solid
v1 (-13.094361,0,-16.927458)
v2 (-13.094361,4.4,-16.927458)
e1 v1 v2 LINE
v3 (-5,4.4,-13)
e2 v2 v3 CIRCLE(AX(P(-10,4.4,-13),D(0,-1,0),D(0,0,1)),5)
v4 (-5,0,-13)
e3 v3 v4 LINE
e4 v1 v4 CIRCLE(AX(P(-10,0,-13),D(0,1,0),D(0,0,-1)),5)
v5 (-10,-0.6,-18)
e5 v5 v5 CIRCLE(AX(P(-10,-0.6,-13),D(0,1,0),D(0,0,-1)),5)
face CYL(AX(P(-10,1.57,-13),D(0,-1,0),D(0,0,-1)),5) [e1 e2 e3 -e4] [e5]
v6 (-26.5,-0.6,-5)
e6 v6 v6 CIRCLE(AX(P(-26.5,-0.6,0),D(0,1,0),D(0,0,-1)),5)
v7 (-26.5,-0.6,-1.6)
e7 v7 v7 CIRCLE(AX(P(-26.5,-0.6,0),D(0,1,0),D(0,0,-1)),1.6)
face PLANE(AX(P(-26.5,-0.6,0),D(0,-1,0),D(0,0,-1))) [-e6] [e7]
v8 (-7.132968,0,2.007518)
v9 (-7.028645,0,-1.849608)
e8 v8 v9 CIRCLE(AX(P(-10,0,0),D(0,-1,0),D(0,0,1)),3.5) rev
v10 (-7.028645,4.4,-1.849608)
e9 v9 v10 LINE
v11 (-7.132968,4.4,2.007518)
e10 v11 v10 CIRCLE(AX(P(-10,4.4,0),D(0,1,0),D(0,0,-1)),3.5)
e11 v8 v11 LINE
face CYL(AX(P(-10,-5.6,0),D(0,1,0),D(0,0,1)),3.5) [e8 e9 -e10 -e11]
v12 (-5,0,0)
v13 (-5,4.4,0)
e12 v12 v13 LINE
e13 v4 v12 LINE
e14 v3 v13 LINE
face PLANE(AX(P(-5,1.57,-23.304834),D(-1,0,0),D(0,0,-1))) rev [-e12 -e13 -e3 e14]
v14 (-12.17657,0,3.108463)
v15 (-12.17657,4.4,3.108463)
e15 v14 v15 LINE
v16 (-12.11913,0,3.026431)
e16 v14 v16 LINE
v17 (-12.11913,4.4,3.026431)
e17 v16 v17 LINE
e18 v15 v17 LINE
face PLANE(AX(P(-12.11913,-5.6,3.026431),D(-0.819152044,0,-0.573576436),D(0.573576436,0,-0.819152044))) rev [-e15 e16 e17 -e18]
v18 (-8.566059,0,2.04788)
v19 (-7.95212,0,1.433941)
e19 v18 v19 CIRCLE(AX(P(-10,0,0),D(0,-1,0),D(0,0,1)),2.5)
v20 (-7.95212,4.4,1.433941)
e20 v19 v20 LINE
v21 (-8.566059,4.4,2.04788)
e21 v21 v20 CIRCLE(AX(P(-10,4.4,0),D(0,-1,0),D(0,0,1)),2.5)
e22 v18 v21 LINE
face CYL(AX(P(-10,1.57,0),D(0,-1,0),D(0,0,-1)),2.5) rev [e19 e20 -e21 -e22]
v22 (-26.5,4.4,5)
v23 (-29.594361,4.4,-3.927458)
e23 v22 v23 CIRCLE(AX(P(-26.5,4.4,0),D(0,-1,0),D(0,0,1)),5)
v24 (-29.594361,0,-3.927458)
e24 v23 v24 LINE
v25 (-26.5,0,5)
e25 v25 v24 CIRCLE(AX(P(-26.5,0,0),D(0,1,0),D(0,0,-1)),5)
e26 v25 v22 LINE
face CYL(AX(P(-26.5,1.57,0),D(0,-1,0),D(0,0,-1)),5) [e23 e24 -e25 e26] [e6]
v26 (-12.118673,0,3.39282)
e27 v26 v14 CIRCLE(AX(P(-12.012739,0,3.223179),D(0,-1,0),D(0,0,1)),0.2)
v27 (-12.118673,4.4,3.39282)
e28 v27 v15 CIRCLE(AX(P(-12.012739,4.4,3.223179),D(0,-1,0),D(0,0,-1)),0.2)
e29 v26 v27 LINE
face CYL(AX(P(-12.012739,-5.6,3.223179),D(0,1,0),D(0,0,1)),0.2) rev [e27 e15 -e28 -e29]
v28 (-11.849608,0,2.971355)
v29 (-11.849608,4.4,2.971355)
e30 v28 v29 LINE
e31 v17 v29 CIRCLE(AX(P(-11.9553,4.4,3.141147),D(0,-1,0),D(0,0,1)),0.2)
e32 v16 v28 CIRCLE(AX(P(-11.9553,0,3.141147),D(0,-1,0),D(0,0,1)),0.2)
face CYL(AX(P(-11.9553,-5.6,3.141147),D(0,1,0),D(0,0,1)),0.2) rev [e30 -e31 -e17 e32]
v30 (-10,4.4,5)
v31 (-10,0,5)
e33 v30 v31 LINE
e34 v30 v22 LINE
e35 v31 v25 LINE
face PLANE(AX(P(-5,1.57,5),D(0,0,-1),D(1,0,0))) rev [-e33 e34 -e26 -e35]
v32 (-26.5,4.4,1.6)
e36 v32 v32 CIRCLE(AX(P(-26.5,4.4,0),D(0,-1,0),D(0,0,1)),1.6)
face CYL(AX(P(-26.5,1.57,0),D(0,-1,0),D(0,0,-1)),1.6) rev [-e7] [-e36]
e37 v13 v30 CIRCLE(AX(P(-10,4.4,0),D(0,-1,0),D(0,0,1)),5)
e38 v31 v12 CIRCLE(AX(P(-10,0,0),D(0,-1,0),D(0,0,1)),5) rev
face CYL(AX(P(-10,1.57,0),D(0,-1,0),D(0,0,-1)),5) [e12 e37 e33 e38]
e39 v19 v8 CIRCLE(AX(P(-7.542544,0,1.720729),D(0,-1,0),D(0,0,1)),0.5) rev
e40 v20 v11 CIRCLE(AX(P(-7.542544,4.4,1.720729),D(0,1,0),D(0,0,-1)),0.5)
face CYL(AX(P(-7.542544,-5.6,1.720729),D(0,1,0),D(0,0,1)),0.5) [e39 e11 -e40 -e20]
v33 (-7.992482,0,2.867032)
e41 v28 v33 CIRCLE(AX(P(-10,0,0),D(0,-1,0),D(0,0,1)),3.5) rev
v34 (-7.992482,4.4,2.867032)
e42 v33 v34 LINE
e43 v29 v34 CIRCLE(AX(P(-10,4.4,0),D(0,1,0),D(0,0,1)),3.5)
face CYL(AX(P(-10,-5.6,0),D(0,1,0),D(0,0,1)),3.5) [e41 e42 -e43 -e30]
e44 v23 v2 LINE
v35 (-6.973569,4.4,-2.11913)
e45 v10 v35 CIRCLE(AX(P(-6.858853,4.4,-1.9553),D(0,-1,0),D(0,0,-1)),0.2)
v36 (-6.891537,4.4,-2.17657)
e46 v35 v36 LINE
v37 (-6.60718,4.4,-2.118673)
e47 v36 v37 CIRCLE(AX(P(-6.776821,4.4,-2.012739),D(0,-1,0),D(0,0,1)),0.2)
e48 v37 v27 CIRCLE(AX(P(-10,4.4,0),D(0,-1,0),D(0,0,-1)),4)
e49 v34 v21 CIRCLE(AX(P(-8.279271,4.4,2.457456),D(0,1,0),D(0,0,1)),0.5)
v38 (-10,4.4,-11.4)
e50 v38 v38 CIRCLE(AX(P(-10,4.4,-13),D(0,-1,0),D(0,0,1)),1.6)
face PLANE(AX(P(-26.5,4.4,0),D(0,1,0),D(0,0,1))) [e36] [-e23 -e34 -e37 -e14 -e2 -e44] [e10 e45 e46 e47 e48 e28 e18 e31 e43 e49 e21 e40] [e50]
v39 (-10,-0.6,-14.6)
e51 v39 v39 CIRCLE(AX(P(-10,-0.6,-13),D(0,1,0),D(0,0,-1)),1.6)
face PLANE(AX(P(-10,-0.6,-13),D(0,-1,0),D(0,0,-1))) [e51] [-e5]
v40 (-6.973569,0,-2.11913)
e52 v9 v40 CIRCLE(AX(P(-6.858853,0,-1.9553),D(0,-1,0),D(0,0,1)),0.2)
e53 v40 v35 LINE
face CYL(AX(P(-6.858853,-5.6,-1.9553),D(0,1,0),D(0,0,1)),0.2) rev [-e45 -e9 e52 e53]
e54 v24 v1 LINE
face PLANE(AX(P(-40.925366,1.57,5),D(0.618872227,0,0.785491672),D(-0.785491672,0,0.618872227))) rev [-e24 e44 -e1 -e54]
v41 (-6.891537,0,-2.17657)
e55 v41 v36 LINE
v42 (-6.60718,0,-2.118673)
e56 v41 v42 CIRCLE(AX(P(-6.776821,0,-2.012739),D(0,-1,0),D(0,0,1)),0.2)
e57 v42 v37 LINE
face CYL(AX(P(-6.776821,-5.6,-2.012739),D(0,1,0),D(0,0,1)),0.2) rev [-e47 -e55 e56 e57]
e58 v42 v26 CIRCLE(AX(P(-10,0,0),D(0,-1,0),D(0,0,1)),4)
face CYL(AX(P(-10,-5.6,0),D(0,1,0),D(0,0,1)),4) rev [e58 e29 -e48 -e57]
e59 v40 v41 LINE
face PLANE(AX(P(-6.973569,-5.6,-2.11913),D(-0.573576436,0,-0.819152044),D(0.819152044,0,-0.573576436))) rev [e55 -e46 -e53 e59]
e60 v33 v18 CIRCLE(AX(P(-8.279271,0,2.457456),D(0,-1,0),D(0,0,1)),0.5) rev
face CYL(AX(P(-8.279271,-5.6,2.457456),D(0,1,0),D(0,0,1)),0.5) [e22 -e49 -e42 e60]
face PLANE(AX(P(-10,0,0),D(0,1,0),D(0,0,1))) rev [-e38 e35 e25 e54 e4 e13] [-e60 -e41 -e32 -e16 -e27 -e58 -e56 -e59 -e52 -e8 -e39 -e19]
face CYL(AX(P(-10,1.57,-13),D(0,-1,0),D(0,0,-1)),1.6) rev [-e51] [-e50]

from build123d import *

# Parameters (mm, degrees)
SKETCH1_R           = 1.6
SKETCH1_R_2         = 2.5
BOSS_EXTRUDE1_DEPTH = 1.57
FILLET1_R           = 5
SKETCH2_R           = 2.5
SKETCH2_R_2         = 1.6
BOSS_EXTRUDE2_DEPTH = 2.83
SKETCH3_R           = 5
SKETCH3_R_2         = 1.6
BOSS_EXTRUDE3_DEPTH = 0.6
CUT_EXTRUDE1_START  = -10
CUT_EXTRUDE1_DEPTH  = 10


with BuildPart() as part:
    # Sketch1 → Boss-Extrude1 (new body)
    with BuildSketch(Plane(origin=(0, 0, 0), x_dir=(1, 0, 0), z_dir=(0, 1, 0))):
        Polygon((-5, -5), (30.925365976, -5), (-5, 23.304833799), align=None)
        with Locations(Location((16.5, 0, 0), (0, 0, 270))):
            Circle(SKETCH1_R, mode=Mode.SUBTRACT)
        with Locations(Location((0, 0, 0), (0, 0, 270))):
            Circle(SKETCH1_R_2, mode=Mode.SUBTRACT)
        with Locations(Location((0, 13, 0), (0, 0, 270))):
            Circle(SKETCH1_R, mode=Mode.SUBTRACT)
    extrude(amount=BOSS_EXTRUDE1_DEPTH)

    # Fillet1
    fillet1_edges = [part.edges().sort_by_distance(p)[0] for p in [
        (-5, 0.785, -23.304833799),
        (30.925365976, 0.785, 5),
        (-5, 0.785, 5),
    ]]
    fillet(fillet1_edges, radius=FILLET1_R)

    # Sketch2 → Boss-Extrude2 (add)
    with BuildSketch(Plane(origin=(0, 1.57, 0), x_dir=(1, 0, 0), z_dir=(0, 1, 0))):
        with BuildLine():
            Line((19.594361133, 3.927458361), (3.094361133, 16.927458361))
            ThreePointArc((3.094361133, 16.927458361), (-2.182681188, 17.498433375), (-5, 13))
            Line((-5, 13), (-5, 0))
            ThreePointArc((-5, 0), (-3.535533906, -3.535533906), (0, -5))
            Line((0, -5), (16.5, -5))
            ThreePointArc((16.5, -5), (21.224261413, -1.637484075), (19.594361133, 3.927458361))
        make_face()
        with Locations(Location((0, 0, 0), (0, 0, 270))):
            Circle(SKETCH2_R, mode=Mode.SUBTRACT)
        with Locations(Location((16.5, 0, 0), (0, 0, 270))):
            Circle(SKETCH2_R_2, mode=Mode.SUBTRACT)
        with Locations(Location((0, 13, 0), (0, 0, 270))):
            Circle(SKETCH2_R_2, mode=Mode.SUBTRACT)
    extrude(amount=BOSS_EXTRUDE2_DEPTH)

    # Sketch3 → Boss-Extrude3 (add)
    # profile 1 of 2: a face of its own
    with BuildSketch(Plane.XZ):
        with Locations(Location((16.5, 0, 0), (0, 0, 270))):
            Circle(SKETCH3_R)
        with Locations(Location((16.5, 0, 0), (0, 0, 270))):
            Circle(SKETCH3_R_2, mode=Mode.SUBTRACT)
    # profile 2 of 2: a face of its own
    with BuildSketch(Plane.XZ):
        with Locations(Location((0, -13, 0), (0, 0, 270))):
            Circle(SKETCH3_R)
        with Locations(Location((0, -13, 0), (0, 0, 270))):
            Circle(SKETCH3_R_2, mode=Mode.SUBTRACT)
    extrude(amount=BOSS_EXTRUDE3_DEPTH)

    # Sketch4 → Cut-Extrude1 (cut)
    with BuildSketch(Plane(origin=(0, 4.4, 0), x_dir=(1, 0, 0), z_dir=(0, 1, 0)).offset(CUT_EXTRUDE1_START)):
        with BuildLine():
            Line((2.119130133, -3.026431476), (2.176569541, -3.108463452))
            ThreePointArc((2.176569541, -3.108463452), (2.208718169, -3.263081334), (2.118672771, -3.392819725))
            ThreePointArc((2.118672771, -3.392819725), (-2.828427125, -2.828427125), (-3.392819725, 2.118672771))
            ThreePointArc((-3.392819725, 2.118672771), (-3.263081334, 2.208718169), (-3.108463452, 2.176569541))
            Line((-3.108463452, 2.176569541), (-3.026431476, 2.119130133))
            ThreePointArc((-3.026431476, 2.119130133), (-2.945196197, 1.995341896), (-2.971355046, 1.849607847))
            ThreePointArc((-2.971355046, 1.849607847), (-3.498720526, -0.094629188), (-2.867032155, -2.007517527))
            ThreePointArc((-2.867032155, -2.007517527), (-2.170667915, -2.130305331), (-2.047880111, -1.433941091))
            ThreePointArc((-2.047880111, -1.433941091), (-1.767766953, -1.767766953), (-1.433941091, -2.047880111))
            ThreePointArc((-1.433941091, -2.047880111), (-2.130305331, -2.170667915), (-2.007517527, -2.867032155))
            ThreePointArc((-2.007517527, -2.867032155), (-0.094629188, -3.498720526), (1.849607847, -2.971355046))
            ThreePointArc((1.849607847, -2.971355046), (1.995341896, -2.945196197), (2.119130133, -3.026431476))
        make_face()
    extrude(amount=CUT_EXTRUDE1_DEPTH, mode=Mode.SUBTRACT)


with BuildPart() as body_2:
    # Mirror1: mirrored copy
    add(part.part.mirror(Plane(origin=(-5, 1.57, -23.304833799), x_dir=(0, 0, 1), z_dir=(1, 0, 0))))


solid = body_2.part
